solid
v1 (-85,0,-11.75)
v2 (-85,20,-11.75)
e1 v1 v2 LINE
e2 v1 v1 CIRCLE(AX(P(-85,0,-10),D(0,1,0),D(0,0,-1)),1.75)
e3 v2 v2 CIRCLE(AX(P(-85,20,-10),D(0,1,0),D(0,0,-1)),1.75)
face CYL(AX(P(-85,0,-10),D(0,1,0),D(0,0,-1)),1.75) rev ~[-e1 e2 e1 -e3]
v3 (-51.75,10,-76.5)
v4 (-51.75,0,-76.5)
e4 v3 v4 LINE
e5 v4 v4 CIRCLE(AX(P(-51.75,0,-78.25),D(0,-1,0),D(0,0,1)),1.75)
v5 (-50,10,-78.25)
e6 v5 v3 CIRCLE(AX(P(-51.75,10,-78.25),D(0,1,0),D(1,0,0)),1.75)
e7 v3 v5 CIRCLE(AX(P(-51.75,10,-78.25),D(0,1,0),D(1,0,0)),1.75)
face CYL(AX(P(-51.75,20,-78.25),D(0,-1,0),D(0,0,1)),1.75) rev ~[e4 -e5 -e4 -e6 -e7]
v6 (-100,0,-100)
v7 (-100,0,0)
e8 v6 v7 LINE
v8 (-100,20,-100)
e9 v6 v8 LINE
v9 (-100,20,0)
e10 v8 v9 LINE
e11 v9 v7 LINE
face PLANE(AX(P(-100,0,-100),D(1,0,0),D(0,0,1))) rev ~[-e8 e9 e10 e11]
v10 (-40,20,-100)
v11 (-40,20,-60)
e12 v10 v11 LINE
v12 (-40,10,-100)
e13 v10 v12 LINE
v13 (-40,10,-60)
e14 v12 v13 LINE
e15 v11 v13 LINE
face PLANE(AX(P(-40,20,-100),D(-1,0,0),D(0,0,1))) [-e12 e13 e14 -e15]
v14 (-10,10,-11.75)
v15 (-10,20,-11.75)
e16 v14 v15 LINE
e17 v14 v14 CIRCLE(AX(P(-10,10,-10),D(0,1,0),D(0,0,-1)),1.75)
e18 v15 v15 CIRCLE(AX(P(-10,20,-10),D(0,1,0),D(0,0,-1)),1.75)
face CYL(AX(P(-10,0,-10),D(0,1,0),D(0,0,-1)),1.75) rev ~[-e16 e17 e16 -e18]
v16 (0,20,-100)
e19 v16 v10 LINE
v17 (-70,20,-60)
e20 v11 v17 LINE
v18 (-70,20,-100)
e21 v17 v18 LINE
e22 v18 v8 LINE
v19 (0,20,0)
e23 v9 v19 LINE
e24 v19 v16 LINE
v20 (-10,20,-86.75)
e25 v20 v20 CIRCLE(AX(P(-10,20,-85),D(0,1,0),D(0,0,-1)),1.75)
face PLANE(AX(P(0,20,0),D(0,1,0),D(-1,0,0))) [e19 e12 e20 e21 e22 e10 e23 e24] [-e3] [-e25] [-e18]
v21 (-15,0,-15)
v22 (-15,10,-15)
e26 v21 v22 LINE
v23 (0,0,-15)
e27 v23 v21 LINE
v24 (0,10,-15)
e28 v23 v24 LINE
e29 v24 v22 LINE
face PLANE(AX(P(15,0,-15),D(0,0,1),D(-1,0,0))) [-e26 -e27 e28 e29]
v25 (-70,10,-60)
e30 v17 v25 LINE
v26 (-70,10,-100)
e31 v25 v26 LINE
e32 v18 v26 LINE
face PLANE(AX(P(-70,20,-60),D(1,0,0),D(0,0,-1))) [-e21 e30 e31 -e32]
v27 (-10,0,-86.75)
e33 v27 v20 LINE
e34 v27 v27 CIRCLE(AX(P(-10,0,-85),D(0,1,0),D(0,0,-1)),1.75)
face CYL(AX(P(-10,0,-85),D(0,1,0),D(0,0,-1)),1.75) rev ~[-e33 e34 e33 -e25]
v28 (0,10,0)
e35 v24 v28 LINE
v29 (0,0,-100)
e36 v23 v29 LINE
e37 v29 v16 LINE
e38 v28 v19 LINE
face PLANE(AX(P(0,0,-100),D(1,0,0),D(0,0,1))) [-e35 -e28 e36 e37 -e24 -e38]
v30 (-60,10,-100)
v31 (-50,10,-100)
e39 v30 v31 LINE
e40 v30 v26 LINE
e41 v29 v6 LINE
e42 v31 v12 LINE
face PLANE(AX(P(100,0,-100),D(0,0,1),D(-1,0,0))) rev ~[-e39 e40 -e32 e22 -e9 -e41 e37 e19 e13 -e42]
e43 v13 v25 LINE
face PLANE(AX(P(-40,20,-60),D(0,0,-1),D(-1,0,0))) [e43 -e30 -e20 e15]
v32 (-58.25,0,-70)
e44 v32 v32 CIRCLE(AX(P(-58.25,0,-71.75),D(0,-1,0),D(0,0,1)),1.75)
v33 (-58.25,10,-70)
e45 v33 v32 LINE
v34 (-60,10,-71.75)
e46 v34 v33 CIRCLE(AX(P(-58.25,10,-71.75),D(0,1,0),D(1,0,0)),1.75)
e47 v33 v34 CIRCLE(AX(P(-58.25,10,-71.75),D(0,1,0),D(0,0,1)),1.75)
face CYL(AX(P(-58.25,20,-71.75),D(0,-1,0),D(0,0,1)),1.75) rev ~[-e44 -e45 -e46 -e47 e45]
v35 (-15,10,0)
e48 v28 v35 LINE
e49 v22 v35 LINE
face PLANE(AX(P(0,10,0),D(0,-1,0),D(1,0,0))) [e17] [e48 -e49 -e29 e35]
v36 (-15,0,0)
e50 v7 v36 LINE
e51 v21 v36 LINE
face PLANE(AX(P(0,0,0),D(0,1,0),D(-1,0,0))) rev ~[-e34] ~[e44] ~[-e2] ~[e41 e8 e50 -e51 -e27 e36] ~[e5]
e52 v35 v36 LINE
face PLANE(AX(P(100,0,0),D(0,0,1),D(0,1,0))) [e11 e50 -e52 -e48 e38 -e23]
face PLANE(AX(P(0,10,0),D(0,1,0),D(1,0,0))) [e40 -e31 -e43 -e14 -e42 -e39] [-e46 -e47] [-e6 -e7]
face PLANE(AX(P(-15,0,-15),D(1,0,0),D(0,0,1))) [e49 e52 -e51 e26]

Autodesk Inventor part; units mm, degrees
ref_plane "YZ Plane" through (0, 0, 0) normal (1, 0, 0) x (0, 1, 0)
ref_plane "XZ Plane" through (0, 0, 0) normal (0, 1, 0) x (-1, 0, 0)
ref_plane "XY Plane" through (0, 0, 0) normal (0, 0, 1) x (1, 0, 0)
sketch "Boceto1" plane through (0, 0, 0) normal (0, 1, 0) x (-1, 0, 0)
  line L0 (100, 100) -> (-100, 100)
  line L1 (-100, 100) -> (-100, -100)
  line L2 (-100, -100) -> (100, -100)
  line L3 (100, -100) -> (100, 100)
  line L4 (100, 100) -> (-100, -100) construction
  line L5 (-100, 100) -> (100, -100) construction
  point P0 (0, 0)
  dimension "d0" = 200
  dimension "d1" = 200
extrude "Extrusión1" add sketch "Boceto1" along normal blind 20
sketch "Boceto2" plane through (0, 20, 0) normal (0, 1, 0) x (1, 0, 0)
  circle A0 centre (-11.5239, -30.0616) radius 3
  circle A1 centre (11.4761, -30.0616) radius 3
  circle A2 centre (-11.5239, -60.0616) radius 3
  circle A3 centre (11.4761, -60.0616) radius 3
  line L0 (-0.0239, -45.0616) -> (-35.0239, -45.0616)
  line L1 (-35.0239, -45.0616) -> (-35.0239, -80.0616)
  line L2 (-0.0239, -45.0616) -> (34.9761, -45.0616)
  line L3 (-11.5239, -30.0616) -> (11.4761, -60.0616)
  line L4 (-11.5239, -60.0616) -> (11.4761, -30.0616)
  line L5 (34.9761, -20.0616) -> (-35.0239, -20.0616)
  line L6 (-35.0239, -20.0616) -> (-35.0239, -80.0616)
  line L7 (34.9761, -80.0616) -> (34.9761, -20.0616)
  line L8 (-105, -100.0616) -> (105, -100.0616)
  line L9 (-105.0239, -80.0616) -> (104.9761, -80.0616)
  line L10 (-35.0239, -80.0616) -> (34.9761, -80.0616)
  line L11 (105, -100.0616) -> (95.8154, -100.0616)
  line L12 (-105.0239, -80.0616) -> (104.9761, -80.0616)
  line L13 (105, -80.0616) -> (-105, -80.0616)
  line L14 (-105, -100.0616) -> (105, -100.0616)
  line L15 (105, -90.0616) -> (94.0798, -90.0616)
  line L16 (-105, -100.0616) -> (105, -100.0616)
  line L17 (-105, -80.0616) -> (105, -80.0616)
  line L18 (105, -80.0616) -> (105, -100.0616)
  line L19 (105, -100.0616) -> (-105, -100.0616)
  line L20 (-105, -100.0616) -> (-105, -80.0616)
  line L21 (-100, 100) -> (-100, -100) projected
  line L22 (-100, -100) -> (100.4077, -100)
  point P0 (0, 0)
  point P1 (0, -10.0616)
  point P2 (0, -90.0616)
  point P3 (-0.0478, -80.0616)
  dimension "d4" = 20
  dimension "d5" = 20
  dimension "d6" = 30
  dimension "d7" = 30
  dimension "d8" = 20
  dimension "d9" = 35
  dimension "d10" = 35
  dimension "d11" = 60
extrude "Extrusión2" cut sketch "Boceto2" against normal blind 10
sketch "Boceto3" plane through (0, 20, 0) normal (0, 1, 0) x (1, 0, 0)
  circle A0 centre (-11.5239, -30.0616) radius 3 projected
  circle A1 centre (-11.5239, -30.0616) radius 3
  circle A2 centre (11.4761, -30.0616) radius 3 projected
  circle A3 centre (11.4761, -30.0616) radius 3
  circle A4 centre (11.4761, -60.0616) radius 3 projected
  circle A5 centre (11.4761, -60.0616) radius 3
  circle A6 centre (-11.5239, -60.0616) radius 3
  point P0 (0, 0)
extrude "Extrusión3" cut sketch "Boceto3" against normal blind 20
sketch "Boceto4" plane through (0, 20, 0) normal (0, 1, 0) x (1, 0, 0)
  circle A0 centre (-51.75, 78.25) radius 1.75
  line L0 (-50, 70) -> (-60, 70)
  line L1 (-60, 70) -> (-60, 80)
  line L2 (-60, 80) -> (-50, 80)
  line L3 (-50, 80) -> (-50, 70)
  line L4 (-50, 70) -> (-60, 80) construction
  line L5 (-60, 70) -> (-50, 80) construction
  line L6 (-105, 90) -> (-105, -90)
  circle A1 centre (-58.25, 71.75) radius 1.75
  line L7 (0, 90) -> (0, 77.3124)
  circle A2 centre (51.75, 78.25) radius 1.75
  line L8 (50, 70) -> (60, 70)
  line L9 (60, 70) -> (60, 80)
  line L10 (60, 80) -> (50, 80)
  line L11 (50, 80) -> (50, 70)
  line L12 (50, 70) -> (60, 80) construction
  line L13 (60, 70) -> (50, 80) construction
  circle A3 centre (58.25, 71.75) radius 1.75
  line L14 (100, 100) -> (-100, 100) projected
  line L15 (-100, 100) -> (-100, -80.0616) projected
  line L16 (100, -80.0616) -> (100, 100) projected
  point P0 (0, 0)
  point P1 (0, 0)
  point P2 (-60, 75)
  point P3 (60, 75)
  dimension "d16" = 3.5
  dimension "d18" = 1.75
  dimension "d19" = 1.75
  dimension "d20" = 1.75
  dimension "d21" = 1.75
  dimension "d22" = 10
  dimension "d23" = 10
  dimension "d25" = 20
  dimension "d26" = 40
  dimension "d27" = 40
hole "Agujero1" at (-58.25, 20, -71.75) at (-51.75, 20, -78.25) at (58.25, 20, -71.75) at (51.75, 20, -78.25) direction (0, -1, 0) diameter 3.5 end through all
sketch "Boceto5" plane through (0, 20, 0) normal (0, 1, 0) x (1, 0, 0)
  line L0 (0, 90) -> (0, 68.25)
  circle A0 centre (-51.75, 78.25) radius 1.75 projected
  line L1 (-50, 78.25) -> (-50, 100)
  circle A1 centre (-58.25, 71.75) radius 1.75 projected
  line L2 (-60, 71.75) -> (-60, 100)
  line L3 (-60, 100) -> (-70, 100)
  line L4 (-50, 100) -> (-40, 100)
  line L5 (-40, 100) -> (-40, 60)
  line L6 (-40, 60) -> (-70, 60)
  line L7 (-70, 60) -> (-70, 100)
  line L8 (-70, 100) -> (-40, 100)
  circle A2 centre (51.75, 78.25) radius 1.75
  line L9 (50, 78.25) -> (50, 100)
  circle A3 centre (58.25, 71.75) radius 1.75
  line L10 (60, 71.75) -> (60, 100)
  line L11 (60, 100) -> (70, 100)
  line L12 (50, 100) -> (40, 100)
  line L13 (40, 100) -> (40, 60)
  line L14 (40, 60) -> (70, 60)
  line L15 (70, 60) -> (70, 100)
  line L16 (70, 100) -> (40, 100)
  point P0 (0, 0)
  dimension "d38" = 10
  dimension "d39" = 10
  dimension "d40" = 40
extrude "Extrusión4" cut sketch "Boceto5" against normal blind 10
ref_plane "Plano de trabajo1" through (0, 0, -100) normal (-1, 0, 0) x (0, 0, 1)
ref_plane "Plano de trabajo2" through (100, 0, 0) normal (0, 0, -1) x (-1, 0, 0)
sketch "Boceto7" plane through (0, 0, 0) normal (0, -1, 0) x (1, 0, 0)
  circle A0 centre (10, -10) radius 1.75
  line L0 (6.803, 0) -> (14.6069, 0)
  line L1 (0, 0) -> (0, -4.8284)
  line L2 (0, 0) -> (20.0354, 0)
  circle A1 centre (10, 10) radius 1.75
  line L3 (0, 0) -> (0, 4.8284)
  circle A2 centre (-10, -10) radius 1.75
  circle A3 centre (-10, 10) radius 1.75
  dimension "d52" = 3.5
  dimension "d54" = 10
  dimension "d55" = 10
hole "Agujero2" at (10, 0, -10) at (10, 0, 10) at (-10, 0, 10) at (-10, 0, -10) direction (0, 1, 0) diameter 3.5 end through all
sketch "Boceto8" plane through (0, 0, 0) normal (0, -1, 0) x (1, 0, 0)
  line L0 (-15, 15) -> (15, 15)
  line L1 (15, 15) -> (15, -15)
  line L2 (15, -15) -> (-15, -15)
  line L3 (-15, -15) -> (-15, 15)
  line L4 (-15, 15) -> (15, -15) construction
  line L5 (15, 15) -> (-15, -15) construction
  point P0 (0, 0)
  dimension "d63" = 30
  dimension "d64" = 30
extrude "Extrusión5" cut sketch "Boceto8" against normal blind 10
sketch "Boceto9" plane through (0, 0, 0) normal (0, -1, 0) x (1, 0, 0)
  circle A0 centre (85, -10) radius 1.75
  line L0 (100, 100) -> (100, -100) projected
  line L1 (140, 0) -> (-140, 0) projected
  circle A1 centre (85, 10) radius 1.75
  line L2 (0, 0) -> (0, 9.4908)
  circle A2 centre (-85, -10) radius 1.75
  circle A3 centre (-85, 10) radius 1.75
  line L3 (0, 0) -> (6.3157, 6.3157)
  line L4 (0, 0) -> (8.9318, 0) construction
  circle A4 centre (10, 85) radius 1.75
  circle A5 centre (-10, -85) radius 1.75
  line L5 (0, 0) -> (5.9531, -5.9531)
  line L6 (0, 0) -> (8.419, 0) construction
  circle A6 centre (10, -85) radius 1.75
  circle A7 centre (-10, 85) radius 1.75
  dimension "d67" = 3.5
  dimension "d68" = 15
  dimension "d69" = 10
  dimension "d70" = 45
  dimension "d71" = 45
hole "Agujero3" at (-10, 0, 85) at (10, 0, 85) at (85, 0, 10) at (85, 0, -10) at (-85, 0, 10) at (-85, 0, -10) at (-10, 0, -85) at (10, 0, -85) direction (0, 1, 0) diameter 3.5 end through all
split "Dividir1" plane through (100, 0, 0) removes the side toward (0, 0, 1)
split "Dividir2" plane through (0, 0, -100) removes the side toward (1, 0, 0)
properties part number "base_front_1"
